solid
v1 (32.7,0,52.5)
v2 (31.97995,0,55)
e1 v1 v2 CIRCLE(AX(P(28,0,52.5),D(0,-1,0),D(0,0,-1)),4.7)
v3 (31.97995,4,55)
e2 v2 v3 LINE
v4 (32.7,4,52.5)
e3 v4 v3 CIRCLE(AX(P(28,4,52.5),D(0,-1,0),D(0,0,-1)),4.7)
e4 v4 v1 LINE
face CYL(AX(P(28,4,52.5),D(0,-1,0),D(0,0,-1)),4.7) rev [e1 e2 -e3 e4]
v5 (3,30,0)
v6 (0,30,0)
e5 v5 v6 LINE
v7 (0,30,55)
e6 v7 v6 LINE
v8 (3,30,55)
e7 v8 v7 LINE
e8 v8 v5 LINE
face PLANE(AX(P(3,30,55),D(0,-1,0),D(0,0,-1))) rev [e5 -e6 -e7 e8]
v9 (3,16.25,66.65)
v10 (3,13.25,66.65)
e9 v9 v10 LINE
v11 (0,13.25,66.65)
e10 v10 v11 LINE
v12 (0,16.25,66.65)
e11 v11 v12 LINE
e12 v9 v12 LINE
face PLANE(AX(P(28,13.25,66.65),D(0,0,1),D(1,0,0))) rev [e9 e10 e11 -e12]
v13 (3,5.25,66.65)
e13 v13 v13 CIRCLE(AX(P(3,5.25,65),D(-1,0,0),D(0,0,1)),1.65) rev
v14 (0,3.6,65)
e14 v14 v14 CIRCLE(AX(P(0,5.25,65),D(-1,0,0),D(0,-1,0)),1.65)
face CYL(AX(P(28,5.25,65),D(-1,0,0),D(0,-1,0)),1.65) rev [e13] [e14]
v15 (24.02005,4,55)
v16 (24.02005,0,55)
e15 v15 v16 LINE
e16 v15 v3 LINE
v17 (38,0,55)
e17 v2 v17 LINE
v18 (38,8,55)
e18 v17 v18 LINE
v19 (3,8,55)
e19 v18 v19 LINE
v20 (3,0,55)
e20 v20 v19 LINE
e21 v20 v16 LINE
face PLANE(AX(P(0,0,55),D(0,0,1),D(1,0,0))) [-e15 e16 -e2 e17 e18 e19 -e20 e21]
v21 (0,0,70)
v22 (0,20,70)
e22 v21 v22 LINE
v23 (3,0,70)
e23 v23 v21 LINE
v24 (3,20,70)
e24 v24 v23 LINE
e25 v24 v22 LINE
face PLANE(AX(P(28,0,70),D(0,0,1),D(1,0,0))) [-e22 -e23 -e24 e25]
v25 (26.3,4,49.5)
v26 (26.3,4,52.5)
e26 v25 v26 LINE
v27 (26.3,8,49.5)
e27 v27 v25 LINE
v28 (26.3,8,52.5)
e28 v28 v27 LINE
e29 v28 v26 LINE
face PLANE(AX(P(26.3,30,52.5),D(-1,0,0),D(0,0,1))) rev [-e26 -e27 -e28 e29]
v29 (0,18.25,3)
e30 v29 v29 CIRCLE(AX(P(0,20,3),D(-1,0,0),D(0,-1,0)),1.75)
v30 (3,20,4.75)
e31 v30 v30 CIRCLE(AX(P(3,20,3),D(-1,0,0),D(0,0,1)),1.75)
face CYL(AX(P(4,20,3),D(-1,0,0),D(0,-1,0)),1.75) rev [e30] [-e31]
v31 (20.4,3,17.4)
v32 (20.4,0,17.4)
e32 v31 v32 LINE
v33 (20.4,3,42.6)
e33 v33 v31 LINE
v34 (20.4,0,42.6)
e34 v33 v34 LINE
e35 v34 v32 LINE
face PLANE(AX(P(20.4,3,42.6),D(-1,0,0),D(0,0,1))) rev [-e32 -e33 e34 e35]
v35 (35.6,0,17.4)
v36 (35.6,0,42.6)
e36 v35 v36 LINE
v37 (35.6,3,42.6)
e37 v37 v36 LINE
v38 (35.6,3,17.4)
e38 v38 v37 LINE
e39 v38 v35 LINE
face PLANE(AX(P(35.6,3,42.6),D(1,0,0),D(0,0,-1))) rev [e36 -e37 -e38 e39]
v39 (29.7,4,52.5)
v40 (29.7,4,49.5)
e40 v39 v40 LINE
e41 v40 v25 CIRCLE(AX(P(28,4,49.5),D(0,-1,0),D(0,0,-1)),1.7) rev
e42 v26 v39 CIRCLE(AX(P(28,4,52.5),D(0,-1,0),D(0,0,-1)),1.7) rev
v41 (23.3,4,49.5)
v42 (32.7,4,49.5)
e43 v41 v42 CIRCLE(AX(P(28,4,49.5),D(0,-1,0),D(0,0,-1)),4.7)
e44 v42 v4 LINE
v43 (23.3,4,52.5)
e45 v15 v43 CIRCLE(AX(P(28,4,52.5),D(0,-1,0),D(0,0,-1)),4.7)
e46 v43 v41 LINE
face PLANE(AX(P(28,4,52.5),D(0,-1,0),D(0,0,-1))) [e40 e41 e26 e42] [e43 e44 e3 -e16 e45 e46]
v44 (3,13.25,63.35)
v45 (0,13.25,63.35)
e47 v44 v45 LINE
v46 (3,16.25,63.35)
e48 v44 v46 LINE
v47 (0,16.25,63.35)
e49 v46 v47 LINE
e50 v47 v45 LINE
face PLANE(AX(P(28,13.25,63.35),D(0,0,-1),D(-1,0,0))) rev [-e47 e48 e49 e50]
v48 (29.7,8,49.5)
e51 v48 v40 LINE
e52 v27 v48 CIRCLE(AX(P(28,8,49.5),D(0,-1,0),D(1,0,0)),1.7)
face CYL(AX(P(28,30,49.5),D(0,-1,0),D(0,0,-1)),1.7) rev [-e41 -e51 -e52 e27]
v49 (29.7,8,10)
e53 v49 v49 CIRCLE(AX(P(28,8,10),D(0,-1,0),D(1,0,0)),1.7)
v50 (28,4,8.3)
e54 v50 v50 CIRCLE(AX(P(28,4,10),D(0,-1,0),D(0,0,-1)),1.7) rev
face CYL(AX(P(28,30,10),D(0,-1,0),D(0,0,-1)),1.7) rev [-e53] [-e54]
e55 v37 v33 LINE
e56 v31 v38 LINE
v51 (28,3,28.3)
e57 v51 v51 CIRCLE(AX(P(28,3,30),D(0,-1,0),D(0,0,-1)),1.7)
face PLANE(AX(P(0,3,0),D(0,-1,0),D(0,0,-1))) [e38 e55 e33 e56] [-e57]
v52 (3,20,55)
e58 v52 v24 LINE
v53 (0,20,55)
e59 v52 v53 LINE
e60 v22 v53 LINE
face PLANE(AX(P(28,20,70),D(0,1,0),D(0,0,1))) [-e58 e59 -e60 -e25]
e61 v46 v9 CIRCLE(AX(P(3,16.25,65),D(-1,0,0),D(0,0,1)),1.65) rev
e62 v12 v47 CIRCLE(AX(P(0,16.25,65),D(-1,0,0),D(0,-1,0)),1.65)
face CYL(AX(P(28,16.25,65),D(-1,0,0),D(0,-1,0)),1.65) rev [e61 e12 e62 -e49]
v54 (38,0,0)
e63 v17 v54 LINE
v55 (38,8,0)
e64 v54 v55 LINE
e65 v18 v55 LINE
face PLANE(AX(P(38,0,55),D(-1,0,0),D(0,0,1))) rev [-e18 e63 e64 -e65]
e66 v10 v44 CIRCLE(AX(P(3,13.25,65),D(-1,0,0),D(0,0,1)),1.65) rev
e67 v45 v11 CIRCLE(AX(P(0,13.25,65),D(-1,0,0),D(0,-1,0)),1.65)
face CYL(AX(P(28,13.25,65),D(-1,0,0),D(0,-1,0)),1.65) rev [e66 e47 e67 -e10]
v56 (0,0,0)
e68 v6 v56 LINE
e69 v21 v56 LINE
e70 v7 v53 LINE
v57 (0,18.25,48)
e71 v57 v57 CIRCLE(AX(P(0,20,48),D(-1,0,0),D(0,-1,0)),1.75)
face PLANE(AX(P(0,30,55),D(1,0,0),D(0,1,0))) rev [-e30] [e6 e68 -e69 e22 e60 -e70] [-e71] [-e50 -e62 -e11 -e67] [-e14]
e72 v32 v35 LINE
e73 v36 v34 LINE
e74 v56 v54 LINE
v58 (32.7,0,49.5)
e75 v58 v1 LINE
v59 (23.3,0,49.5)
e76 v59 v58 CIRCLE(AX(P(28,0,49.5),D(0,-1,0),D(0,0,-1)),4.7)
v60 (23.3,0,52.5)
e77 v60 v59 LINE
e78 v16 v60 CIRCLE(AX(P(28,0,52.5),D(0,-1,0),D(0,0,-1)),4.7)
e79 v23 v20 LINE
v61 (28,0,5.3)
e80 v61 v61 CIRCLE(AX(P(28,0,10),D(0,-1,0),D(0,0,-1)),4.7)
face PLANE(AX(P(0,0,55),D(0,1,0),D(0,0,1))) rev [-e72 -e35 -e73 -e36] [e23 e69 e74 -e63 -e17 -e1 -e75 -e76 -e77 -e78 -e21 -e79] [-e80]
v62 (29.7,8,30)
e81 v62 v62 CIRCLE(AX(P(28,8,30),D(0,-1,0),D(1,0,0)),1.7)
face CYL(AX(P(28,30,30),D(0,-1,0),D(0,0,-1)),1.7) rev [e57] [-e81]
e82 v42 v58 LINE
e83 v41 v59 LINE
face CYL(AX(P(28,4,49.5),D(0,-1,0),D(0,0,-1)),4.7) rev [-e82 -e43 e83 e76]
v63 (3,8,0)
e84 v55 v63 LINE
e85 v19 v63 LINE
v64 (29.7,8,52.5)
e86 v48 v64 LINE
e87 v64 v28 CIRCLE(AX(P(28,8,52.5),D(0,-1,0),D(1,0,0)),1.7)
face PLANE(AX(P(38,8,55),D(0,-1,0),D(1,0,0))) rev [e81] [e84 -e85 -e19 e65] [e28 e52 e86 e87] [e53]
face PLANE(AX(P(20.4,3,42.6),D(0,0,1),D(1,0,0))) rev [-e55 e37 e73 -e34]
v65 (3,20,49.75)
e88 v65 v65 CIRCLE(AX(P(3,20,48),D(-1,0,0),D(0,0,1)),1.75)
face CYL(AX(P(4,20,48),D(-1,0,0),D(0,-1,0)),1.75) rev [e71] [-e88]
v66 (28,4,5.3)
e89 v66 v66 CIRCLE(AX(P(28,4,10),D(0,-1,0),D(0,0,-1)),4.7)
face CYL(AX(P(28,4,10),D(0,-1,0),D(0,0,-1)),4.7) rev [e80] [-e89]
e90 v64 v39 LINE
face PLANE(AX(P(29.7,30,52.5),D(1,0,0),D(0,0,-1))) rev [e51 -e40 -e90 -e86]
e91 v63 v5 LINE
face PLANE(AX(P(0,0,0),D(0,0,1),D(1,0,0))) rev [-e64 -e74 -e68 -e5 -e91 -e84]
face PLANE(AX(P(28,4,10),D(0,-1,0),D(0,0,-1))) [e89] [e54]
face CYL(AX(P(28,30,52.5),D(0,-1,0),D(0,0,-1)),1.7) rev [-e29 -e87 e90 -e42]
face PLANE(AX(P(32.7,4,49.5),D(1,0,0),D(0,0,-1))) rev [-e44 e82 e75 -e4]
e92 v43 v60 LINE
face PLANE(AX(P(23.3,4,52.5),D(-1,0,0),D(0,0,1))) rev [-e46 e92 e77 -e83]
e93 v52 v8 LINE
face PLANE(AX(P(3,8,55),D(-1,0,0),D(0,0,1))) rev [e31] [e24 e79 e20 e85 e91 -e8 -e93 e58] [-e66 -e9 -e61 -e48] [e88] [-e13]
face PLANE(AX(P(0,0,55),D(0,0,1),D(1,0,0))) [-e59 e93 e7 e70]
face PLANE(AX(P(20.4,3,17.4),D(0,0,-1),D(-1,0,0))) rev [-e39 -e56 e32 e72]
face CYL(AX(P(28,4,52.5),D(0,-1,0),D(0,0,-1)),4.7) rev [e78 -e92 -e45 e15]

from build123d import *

# Parameters (mm, degrees)
RESSALTO_EXTRUS_O1_DEPTH = 55
ESBO_O2_W                = 15.2
ESBO_O2_H                = 25.2
CORTE_EXTRUS_O1_DEPTH    = 3
ESBO_O4_R                = 1.7
CORTE_EXTRUS_O2_DEPTH    = 31
ESBO_O5_R                = 4.7
CORTE_EXTRUS_O3_DEPTH    = 4
ESBO_O6_R                = 1.75
CORTE_EXTRUS_O4_DEPTH    = 4
ESBO_O7_W                = 15
ESBO_O7_H                = 20
ESBO_O7_R                = 1.65
RESSALTO_EXTRUS_O2_DEPTH = 3


with BuildPart() as part:
    # Esboço1 → Ressalto-extrusão1 (new body)
    with BuildSketch(Plane.XY):
        Polygon((0, 0), (38, 0), (38, 8), (3, 8), (3, 30), (0, 30), align=None)
    extrude(amount=RESSALTO_EXTRUS_O1_DEPTH)

    # Esboço2 → Corte-extrusão1 (cut)
    with BuildSketch(Plane.XZ):
        with Locations((28, 30)):
            Rectangle(ESBO_O2_W, ESBO_O2_H)
    extrude(amount=-CORTE_EXTRUS_O1_DEPTH, mode=Mode.SUBTRACT)

    # Esboço4 → Corte-extrusão2 (cut, through all)
    with BuildSketch(Plane.XZ):
        with Locations((28, 30)):
            Circle(ESBO_O4_R)
        with Locations((28, 10)):
            Circle(ESBO_O4_R)
        with BuildLine():
            Line((29.7, 52.5), (29.7, 49.5))
            ThreePointArc((29.7, 49.5), (28, 47.8), (26.3, 49.5))
            Line((26.3, 49.5), (26.3, 52.5))
            ThreePointArc((26.3, 52.5), (28, 54.2), (29.7, 52.5))
        make_face()
    extrude(amount=-CORTE_EXTRUS_O2_DEPTH, mode=Mode.SUBTRACT)

    # Esboço5 → Corte-extrusão3 (cut)
    with BuildSketch(Plane.XZ):
        with Locations((28, 10)):
            Circle(ESBO_O5_R)
        with BuildLine():
            Line((32.7, 49.5), (32.7, 52.5))
            ThreePointArc((32.7, 52.5), (28, 57.2), (23.3, 52.5))
            Line((23.3, 52.5), (23.3, 49.5))
            ThreePointArc((23.3, 49.5), (28, 44.8), (32.7, 49.5))
        make_face()
    extrude(amount=-CORTE_EXTRUS_O3_DEPTH, mode=Mode.SUBTRACT)

    # Esboço6 → Corte-extrusão4 (cut)
    with BuildSketch(Plane.ZY):
        with Locations((48, 20)):
            Circle(ESBO_O6_R)
        with Locations((3, 20)):
            Circle(ESBO_O6_R)
    extrude(amount=-CORTE_EXTRUS_O4_DEPTH, mode=Mode.SUBTRACT)

    # Esboço7 → Ressalto-extrusão2 (add)
    with BuildSketch(Plane.ZY):
        with Locations((62.5, 10)):
            Rectangle(ESBO_O7_W, ESBO_O7_H)
        with Locations((65, 5.25)):
            Circle(ESBO_O7_R, mode=Mode.SUBTRACT)
        with BuildLine():
            Line((63.35, 13.25), (63.35, 16.25))
            ThreePointArc((63.35, 16.25), (65, 17.9), (66.65, 16.25))
            Line((66.65, 16.25), (66.65, 13.25))
            ThreePointArc((66.65, 13.25), (65, 11.6), (63.35, 13.25))
        make_face(mode=Mode.SUBTRACT)
    extrude(amount=-RESSALTO_EXTRUS_O2_DEPTH)


solid = part.part
